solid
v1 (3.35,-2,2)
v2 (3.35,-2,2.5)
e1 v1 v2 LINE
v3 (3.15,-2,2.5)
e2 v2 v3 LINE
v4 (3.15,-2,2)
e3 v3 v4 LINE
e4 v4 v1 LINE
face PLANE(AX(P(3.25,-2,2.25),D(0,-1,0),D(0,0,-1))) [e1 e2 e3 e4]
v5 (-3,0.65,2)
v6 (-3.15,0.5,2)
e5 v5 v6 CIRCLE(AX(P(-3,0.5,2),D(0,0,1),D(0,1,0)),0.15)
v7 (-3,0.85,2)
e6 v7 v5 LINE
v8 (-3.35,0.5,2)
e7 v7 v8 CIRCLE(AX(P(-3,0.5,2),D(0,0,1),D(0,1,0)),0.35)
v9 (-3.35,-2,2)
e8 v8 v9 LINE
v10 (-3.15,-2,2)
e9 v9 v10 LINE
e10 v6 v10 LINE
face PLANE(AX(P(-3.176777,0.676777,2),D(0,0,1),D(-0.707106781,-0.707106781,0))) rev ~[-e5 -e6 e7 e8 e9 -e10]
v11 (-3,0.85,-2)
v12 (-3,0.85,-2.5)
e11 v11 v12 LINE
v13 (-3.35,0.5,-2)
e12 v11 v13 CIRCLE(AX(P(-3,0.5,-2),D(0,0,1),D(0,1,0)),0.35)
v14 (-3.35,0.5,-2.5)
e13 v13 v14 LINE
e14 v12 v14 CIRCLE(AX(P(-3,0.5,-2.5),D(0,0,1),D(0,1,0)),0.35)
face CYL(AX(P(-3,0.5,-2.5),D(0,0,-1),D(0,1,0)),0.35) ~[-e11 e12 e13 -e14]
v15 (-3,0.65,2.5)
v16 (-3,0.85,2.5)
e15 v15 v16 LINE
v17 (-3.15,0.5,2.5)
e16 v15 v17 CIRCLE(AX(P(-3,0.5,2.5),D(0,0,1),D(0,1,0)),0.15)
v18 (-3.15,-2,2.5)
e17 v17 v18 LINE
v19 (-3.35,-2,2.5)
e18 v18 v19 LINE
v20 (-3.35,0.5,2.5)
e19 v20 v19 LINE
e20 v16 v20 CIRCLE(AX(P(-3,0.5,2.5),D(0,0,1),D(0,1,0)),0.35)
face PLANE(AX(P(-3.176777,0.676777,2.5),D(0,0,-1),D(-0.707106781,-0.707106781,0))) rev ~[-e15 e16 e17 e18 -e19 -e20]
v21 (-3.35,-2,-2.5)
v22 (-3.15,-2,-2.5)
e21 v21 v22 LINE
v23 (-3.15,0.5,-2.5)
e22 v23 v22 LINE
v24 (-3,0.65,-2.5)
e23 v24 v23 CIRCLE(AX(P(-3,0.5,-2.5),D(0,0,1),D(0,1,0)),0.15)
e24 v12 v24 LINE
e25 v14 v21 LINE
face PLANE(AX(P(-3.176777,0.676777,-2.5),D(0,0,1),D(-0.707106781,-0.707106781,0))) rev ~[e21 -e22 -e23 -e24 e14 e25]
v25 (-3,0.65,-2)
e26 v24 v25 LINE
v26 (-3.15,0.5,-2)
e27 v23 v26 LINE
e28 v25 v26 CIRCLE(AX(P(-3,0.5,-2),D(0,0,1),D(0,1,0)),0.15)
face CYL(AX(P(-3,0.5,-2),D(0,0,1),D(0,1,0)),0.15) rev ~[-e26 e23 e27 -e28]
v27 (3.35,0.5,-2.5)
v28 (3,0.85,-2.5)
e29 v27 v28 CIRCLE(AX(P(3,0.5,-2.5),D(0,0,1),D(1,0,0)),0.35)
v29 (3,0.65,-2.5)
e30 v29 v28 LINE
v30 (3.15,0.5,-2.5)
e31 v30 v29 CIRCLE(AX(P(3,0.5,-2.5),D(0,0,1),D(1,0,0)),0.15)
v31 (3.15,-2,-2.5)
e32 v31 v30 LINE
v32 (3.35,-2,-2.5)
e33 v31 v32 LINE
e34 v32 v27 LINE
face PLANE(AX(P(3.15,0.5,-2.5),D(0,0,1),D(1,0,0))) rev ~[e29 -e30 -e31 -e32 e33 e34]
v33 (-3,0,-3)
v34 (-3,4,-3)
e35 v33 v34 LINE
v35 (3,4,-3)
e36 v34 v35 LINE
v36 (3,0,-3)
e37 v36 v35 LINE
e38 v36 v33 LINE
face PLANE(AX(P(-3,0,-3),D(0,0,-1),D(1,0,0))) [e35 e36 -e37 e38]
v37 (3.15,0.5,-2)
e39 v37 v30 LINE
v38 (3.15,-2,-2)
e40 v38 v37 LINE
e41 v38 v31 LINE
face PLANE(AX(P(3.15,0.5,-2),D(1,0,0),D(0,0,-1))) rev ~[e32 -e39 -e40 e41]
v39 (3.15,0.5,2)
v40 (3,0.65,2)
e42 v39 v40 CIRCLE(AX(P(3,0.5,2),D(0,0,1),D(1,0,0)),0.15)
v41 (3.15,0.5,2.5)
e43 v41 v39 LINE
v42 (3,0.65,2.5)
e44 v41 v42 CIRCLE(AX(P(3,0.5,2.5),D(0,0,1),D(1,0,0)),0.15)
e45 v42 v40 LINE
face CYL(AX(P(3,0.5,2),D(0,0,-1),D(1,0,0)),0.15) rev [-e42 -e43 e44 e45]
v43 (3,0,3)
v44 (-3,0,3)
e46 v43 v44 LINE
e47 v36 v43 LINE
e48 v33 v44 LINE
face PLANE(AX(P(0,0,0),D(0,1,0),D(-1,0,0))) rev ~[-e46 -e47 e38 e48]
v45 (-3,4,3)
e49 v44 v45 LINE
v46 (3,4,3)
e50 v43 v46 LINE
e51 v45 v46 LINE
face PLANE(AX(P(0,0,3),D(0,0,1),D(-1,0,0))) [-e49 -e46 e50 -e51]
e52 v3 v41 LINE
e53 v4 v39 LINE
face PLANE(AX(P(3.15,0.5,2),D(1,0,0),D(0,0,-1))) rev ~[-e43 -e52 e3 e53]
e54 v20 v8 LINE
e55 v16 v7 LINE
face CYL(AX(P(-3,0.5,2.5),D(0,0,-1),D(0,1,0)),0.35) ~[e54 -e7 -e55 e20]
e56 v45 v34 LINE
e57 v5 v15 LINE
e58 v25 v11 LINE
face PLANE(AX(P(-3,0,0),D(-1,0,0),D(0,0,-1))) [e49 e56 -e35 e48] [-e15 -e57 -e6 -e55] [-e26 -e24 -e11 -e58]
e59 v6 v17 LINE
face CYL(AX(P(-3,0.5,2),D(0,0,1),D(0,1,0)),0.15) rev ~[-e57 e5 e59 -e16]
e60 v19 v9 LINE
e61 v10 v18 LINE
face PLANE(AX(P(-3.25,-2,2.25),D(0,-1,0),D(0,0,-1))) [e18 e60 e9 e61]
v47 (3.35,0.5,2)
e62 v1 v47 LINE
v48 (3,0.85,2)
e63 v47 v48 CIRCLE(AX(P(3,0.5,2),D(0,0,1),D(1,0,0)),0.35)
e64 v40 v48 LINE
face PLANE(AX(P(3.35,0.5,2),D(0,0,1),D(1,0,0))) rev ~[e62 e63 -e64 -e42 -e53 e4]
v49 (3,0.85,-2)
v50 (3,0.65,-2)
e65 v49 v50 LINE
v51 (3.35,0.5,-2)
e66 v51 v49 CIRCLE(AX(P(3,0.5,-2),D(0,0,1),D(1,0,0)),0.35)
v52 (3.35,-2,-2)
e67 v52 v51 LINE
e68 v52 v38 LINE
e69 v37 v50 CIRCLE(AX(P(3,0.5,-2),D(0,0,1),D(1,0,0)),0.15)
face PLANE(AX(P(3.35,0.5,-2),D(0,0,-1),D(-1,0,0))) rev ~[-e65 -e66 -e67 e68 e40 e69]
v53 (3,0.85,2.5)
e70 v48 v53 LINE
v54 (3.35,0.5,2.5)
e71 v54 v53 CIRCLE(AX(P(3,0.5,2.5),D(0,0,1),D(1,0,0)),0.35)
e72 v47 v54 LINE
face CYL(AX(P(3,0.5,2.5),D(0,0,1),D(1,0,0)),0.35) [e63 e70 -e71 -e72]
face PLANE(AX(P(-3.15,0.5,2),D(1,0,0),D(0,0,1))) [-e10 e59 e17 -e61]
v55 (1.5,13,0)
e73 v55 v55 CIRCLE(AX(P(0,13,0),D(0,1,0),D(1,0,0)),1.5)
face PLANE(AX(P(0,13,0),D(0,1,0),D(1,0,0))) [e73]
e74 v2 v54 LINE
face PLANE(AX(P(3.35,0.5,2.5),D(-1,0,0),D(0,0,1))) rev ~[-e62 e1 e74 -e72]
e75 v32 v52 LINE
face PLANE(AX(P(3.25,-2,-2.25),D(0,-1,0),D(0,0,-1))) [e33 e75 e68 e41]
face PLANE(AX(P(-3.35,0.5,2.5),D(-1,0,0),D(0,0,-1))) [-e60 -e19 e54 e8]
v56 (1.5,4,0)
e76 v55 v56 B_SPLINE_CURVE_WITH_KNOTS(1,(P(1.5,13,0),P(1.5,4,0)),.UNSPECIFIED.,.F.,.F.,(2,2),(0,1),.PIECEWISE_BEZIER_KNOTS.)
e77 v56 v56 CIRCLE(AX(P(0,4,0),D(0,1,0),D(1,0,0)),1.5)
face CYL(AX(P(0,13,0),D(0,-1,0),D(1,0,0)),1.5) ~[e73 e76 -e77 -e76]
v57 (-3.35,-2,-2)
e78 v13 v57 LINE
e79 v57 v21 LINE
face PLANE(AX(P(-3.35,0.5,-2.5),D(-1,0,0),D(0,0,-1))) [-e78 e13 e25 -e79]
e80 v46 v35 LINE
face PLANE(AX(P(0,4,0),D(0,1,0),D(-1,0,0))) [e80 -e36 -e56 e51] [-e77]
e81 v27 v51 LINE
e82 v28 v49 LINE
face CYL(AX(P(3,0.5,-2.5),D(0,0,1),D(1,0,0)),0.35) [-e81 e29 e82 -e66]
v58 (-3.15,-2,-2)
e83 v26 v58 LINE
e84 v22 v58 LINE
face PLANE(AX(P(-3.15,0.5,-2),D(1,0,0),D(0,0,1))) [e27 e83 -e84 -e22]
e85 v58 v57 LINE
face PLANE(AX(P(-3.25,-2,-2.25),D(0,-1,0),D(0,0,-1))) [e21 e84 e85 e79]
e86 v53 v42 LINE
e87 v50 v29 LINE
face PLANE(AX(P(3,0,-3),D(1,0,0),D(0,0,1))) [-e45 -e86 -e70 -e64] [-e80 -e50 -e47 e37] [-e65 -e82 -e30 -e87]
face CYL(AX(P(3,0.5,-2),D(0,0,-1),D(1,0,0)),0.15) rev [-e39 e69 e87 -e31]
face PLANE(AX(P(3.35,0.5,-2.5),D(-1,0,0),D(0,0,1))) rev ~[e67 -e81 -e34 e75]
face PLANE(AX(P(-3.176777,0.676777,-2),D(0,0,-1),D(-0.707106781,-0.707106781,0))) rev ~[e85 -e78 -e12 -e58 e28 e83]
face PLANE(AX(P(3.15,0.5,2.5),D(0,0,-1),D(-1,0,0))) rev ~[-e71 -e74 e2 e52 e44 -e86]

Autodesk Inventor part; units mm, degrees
ref_plane "YZ Plane" through (0, 0, 0) normal (1, 0, 0) x (0, 1, 0)
ref_plane "XZ Plane" through (0, 0, 0) normal (0, 1, 0) x (-1, 0, 0)
sketch "Эскиз1" plane through (0, 0, 0) normal (0, 1, 0) x (-1, 0, 0)
  line L0 (3, -3) -> (-3, -3)
  line L1 (-3, -3) -> (-3, 3)
  line L2 (-3, 3) -> (3, 3)
  line L3 (3, 3) -> (3, -3)
  line L4 (4.2, 0) -> (-4.2, 0) projected
  line L5 (0, -4.2) -> (0, 4.2) projected
  point P0 (0, 0)
  dimension "d0" = 6
  dimension "d1" = 6
extrude "Выдавливание1" add sketch "Эскиз1" along normal blind 4
sketch "Эскиз2" plane through (0, 4, 0) normal (0, 1, 0) x (1, 0, 0)
  circle A0 centre (0, 0) radius 1.5
  dimension "d4" = 3
ref_plane "РабПлоскость1" through (0, 13, 0) normal (0, 1, 0) x (1, 0, 0)
sketch "Эскиз3" plane through (0, 13, 0) normal (0, 1, 0) x (1, 0, 0)
  circle A0 centre (0, 0) radius 1.5
  dimension "d6" = 3
loft "Лофт1" add profiles "Эскиз3", "Эскиз2"
sketch "Эскиз4" plane through (0, 0, 0) normal (0, 0, 1) x (1, 0, 0)
  line L0 (3, 0) -> (-3, 0) projected
  line L1 (3, 0) -> (3, 4) projected
  line L2 (-3, 4) -> (3, 4) projected
  line L3 (-3, 0) -> (-3, 4) projected
  arc A0 (3.25, 0.5) -> (3, 0.75) centre (3, 0.5) ccw
  line L4 (3.25, 0.5) -> (3.25, -2)
  line L5 (0, -5) -> (0, 16) projected
  arc A1 (-3, 0.75) -> (-3.25, 0.5) centre (-3, 0.5) ccw
  line L6 (-3.25, 0.5) -> (-3.25, -2)
  point P0 (0, 0)
  dimension "d11" = 0.5
  dimension "d12" = 0.5
  dimension "d13" = 2
sketch "Эскиз5" plane through (3, 0, 3) normal (1, 0, 0) x (0, 0, -1)
  line L0 (3.7546, 0.75) -> (2.4212, 0.75)
  line L1 (0.5, 0.85) -> (1, 0.85)
  line L2 (1, 0.85) -> (1, 0.65)
  line L3 (1, 0.65) -> (0.5, 0.65)
  line L4 (0.5, 0.65) -> (0.5, 0.85)
  line L5 (3, -5) -> (3, 16) projected
  line L6 (5.5, 0.85) -> (5, 0.85)
  line L7 (5, 0.85) -> (5, 0.65)
  line L8 (5, 0.65) -> (5.5, 0.65)
  line L9 (5.5, 0.65) -> (5.5, 0.85)
  line L10 (3, 0.75) -> (3, 0.5) projected
  point P0 (3, 0)
  dimension "d14" = 0.5
  dimension "d15" = 0.2
  dimension "d16" = 2
sketch "Эскиз6" plane through (-3, 0, -3) normal (-1, 0, 0) x (0, 0, 1)
  line L0 (5.5, 0.85) -> (5, 0.85) projected
  line L1 (5.5, 0.65) -> (5.5, 0.85) projected
  line L2 (5, 0.65) -> (5.5, 0.65) projected
  line L3 (5, 0.85) -> (5, 0.65) projected
  line L4 (0, 0) -> (6, 0) projected
  line L5 (0, 0) -> (0, 4) projected
  line L6 (6, 4) -> (0, 4) projected
  line L7 (6, 0) -> (6, 4) projected
  line L8 (0.5, 0.85) -> (1, 0.85) projected
  line L9 (1, 0.85) -> (1, 0.65) projected
  line L10 (1, 0.65) -> (0.5, 0.65) projected
  line L11 (0.5, 0.65) -> (0.5, 0.85) projected
  point P0 (3, 0)
sweep "Сдвиг1" add profiles "Эскиз5" path "Эскиз4" path curves A0 L4
sweep "Сдвиг2" add profiles "Эскиз6" path "Эскиз4" path curves A1 L6 contours L1 L2 L3 L0 | L8 L9 L10 L11
sketch "Эскиз7" plane through (0, 0, 0) normal (0, -1, 0) x (1, 0, 0)
  line L0 (-3.35, -2) -> (-3.35, -2.5) projected
  line L1 (-3.35, -2.5) -> (-3.15, -2.5) projected
  line L2 (-3.15, -2.5) -> (-3.15, -2) projected
  line L3 (-3.15, -2) -> (-3.35, -2) projected
  circle A0 centre (-3.25, -2.25) radius 0.2693
  point P0 (0, 0)
equation "\"d1\" = d0"
properties part number "button"
